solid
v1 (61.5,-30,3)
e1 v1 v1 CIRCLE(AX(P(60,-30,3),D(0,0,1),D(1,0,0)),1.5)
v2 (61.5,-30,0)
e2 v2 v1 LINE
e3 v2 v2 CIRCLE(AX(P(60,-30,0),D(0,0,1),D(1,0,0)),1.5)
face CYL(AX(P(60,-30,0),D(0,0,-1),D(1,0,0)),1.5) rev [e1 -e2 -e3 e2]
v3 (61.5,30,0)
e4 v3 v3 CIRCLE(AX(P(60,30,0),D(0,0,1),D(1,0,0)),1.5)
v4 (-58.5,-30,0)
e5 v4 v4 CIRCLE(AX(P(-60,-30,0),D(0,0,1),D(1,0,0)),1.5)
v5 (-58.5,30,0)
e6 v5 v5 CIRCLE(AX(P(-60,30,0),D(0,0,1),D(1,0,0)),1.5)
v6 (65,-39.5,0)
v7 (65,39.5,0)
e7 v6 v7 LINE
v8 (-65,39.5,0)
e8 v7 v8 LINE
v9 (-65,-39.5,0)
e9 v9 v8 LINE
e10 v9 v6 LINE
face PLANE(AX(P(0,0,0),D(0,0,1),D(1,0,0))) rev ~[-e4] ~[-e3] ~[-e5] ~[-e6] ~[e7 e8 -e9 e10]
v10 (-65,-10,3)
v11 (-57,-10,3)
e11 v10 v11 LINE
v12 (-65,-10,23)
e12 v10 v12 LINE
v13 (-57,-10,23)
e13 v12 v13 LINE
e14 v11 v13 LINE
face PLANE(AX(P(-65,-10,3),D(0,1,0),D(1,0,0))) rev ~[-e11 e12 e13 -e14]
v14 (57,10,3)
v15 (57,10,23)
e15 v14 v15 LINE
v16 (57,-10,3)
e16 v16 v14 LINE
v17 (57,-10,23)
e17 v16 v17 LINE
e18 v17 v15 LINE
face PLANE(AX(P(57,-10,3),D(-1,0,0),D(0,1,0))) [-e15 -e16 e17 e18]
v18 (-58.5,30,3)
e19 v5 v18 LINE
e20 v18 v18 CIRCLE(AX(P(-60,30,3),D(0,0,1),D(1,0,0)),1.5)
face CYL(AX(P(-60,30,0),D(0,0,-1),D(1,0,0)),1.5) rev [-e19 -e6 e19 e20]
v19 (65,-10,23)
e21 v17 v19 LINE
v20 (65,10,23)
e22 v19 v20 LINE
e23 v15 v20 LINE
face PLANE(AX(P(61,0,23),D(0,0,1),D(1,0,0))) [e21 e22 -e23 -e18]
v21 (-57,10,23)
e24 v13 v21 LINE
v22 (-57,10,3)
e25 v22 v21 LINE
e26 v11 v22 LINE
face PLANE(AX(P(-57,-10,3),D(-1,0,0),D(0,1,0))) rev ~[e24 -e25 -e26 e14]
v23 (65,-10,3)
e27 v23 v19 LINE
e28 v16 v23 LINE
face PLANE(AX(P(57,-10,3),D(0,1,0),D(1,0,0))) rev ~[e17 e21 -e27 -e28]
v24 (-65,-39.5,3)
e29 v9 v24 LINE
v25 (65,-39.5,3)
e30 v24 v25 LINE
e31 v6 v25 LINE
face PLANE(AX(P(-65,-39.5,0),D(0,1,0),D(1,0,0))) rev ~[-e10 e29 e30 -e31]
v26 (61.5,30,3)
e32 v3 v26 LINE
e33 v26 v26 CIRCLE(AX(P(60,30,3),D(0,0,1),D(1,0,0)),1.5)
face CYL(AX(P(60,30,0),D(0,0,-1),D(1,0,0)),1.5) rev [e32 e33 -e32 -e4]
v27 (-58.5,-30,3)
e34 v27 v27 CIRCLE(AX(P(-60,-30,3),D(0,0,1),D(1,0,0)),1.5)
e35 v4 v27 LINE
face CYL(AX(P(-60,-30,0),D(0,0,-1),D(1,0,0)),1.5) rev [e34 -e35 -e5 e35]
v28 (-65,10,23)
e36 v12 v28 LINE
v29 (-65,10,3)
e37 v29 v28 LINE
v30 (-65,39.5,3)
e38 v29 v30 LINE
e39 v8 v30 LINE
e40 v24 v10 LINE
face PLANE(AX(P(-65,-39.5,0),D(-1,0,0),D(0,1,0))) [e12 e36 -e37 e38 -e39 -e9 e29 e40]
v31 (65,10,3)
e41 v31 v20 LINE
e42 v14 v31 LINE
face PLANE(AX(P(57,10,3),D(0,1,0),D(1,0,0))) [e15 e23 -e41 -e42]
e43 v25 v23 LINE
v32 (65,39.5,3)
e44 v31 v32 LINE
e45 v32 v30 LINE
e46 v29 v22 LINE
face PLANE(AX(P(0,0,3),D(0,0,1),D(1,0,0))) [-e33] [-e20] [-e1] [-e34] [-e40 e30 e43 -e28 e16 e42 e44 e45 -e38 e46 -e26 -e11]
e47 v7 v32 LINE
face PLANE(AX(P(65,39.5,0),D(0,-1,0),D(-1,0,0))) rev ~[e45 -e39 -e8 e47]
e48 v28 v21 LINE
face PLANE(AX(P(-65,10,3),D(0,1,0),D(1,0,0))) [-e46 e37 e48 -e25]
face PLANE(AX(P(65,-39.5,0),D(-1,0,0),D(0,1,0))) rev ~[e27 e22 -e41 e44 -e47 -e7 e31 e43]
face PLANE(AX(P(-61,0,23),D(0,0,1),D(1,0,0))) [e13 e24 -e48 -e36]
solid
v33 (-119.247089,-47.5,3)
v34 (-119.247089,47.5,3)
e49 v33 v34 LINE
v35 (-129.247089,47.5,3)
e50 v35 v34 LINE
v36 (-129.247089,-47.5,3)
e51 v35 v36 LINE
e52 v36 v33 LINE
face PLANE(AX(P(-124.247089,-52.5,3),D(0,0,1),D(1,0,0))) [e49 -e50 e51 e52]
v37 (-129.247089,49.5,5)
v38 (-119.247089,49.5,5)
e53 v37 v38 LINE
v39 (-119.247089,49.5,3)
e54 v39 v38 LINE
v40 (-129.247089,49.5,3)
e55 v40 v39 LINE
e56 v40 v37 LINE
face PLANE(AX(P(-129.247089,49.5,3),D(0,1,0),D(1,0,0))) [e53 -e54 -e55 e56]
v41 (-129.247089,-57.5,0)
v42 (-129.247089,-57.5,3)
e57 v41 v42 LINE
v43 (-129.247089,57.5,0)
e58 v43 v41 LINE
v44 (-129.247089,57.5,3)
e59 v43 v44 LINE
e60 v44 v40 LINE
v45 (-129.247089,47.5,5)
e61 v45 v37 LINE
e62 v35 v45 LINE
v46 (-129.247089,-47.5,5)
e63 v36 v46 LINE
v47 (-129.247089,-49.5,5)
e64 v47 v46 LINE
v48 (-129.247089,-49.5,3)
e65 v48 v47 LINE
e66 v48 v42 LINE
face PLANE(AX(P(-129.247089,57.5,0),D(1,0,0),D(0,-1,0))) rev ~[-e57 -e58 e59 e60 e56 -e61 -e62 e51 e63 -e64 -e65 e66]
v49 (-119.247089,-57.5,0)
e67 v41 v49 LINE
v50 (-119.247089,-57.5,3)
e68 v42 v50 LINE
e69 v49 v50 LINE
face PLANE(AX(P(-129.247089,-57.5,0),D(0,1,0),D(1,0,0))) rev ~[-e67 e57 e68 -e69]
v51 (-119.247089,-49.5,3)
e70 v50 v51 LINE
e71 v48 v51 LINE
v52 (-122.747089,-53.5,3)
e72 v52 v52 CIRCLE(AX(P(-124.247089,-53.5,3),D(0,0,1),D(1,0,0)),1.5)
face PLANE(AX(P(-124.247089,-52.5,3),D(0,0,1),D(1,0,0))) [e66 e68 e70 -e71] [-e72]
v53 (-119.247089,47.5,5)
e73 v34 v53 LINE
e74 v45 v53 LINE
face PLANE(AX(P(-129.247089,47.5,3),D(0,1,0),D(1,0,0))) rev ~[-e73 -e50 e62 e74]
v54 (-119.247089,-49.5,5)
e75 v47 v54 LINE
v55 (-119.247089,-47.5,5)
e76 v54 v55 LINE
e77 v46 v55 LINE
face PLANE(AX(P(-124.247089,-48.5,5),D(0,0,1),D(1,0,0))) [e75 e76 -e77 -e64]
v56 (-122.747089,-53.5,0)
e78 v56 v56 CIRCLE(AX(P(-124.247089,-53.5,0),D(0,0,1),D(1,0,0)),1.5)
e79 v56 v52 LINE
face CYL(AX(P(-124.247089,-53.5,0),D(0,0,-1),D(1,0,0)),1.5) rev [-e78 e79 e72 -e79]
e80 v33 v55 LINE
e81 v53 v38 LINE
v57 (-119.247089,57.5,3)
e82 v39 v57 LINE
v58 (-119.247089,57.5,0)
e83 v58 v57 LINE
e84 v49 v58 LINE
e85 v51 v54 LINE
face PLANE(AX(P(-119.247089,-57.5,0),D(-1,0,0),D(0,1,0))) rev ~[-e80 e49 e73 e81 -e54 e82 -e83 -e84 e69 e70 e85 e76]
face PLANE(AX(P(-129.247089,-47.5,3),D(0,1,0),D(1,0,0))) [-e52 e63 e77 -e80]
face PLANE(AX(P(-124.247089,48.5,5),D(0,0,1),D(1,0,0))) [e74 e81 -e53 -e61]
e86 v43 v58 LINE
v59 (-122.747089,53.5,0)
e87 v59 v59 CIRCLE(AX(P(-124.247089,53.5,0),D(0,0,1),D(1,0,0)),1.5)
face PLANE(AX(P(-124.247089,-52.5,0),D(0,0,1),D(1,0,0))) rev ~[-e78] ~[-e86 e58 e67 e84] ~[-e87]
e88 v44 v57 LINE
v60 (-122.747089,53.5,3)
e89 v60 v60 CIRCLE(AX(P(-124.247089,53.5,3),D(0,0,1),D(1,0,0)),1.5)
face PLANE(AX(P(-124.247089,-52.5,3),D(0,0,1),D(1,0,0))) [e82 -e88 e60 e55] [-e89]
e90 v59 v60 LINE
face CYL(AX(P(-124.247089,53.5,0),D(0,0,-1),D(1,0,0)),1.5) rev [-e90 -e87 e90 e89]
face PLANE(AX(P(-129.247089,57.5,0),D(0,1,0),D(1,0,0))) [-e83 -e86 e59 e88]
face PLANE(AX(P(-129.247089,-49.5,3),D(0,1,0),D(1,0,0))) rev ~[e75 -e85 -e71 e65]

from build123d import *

# Parameters (mm, degrees)
F0_W     = 110
F0_H     = 79
F0_W_2   = 10
F0_R     = 1.5
F1_DEPTH = 3
F2_W     = 8
F2_H     = 20
F3_DEPTH = 20
F4_W     = 10
F4_H     = 10
F4_R     = 1.5
F4_H_2   = 95
F5_DEPTH = 3
F6_W     = 10
F6_H     = 2
F7_DEPTH = 2


with BuildPart() as f1:
    # F0 (on Top) → F1 (new body)
    with BuildSketch(Plane.XY):
        Rectangle(F0_W, F0_H)
        with Locations((60, 0)):
            Rectangle(F0_W_2, F0_H)
        with Locations((60, -30)):
            Circle(F0_R, mode=Mode.SUBTRACT)
        with Locations((60, 30)):
            Circle(F0_R, mode=Mode.SUBTRACT)
        with Locations((-60, 0)):
            Rectangle(F0_W_2, F0_H)
        with Locations((-60, -30)):
            Circle(F0_R, mode=Mode.SUBTRACT)
        with Locations((-60, 30)):
            Circle(F0_R, mode=Mode.SUBTRACT)
    extrude(amount=F1_DEPTH)

    # F2 (on face) → F3 (join)
    with BuildSketch(Plane.XY.offset(3)):
        with Locations((-61, 0)):
            Rectangle(F2_W, F2_H)
        with Locations((61, 0)):
            Rectangle(F2_W, F2_H)
    extrude(amount=F3_DEPTH)


with BuildPart() as f5:
    # F4 (on Top) → F5 (new body)
    with BuildSketch(Plane.XY):
        with Locations((-124.247089, -52.5)):
            Rectangle(F4_W, F4_H)
        with Locations((-124.247089, -53.5)):
            Circle(F4_R, mode=Mode.SUBTRACT)
        with Locations((-124.247089, 0)):
            Rectangle(F4_W, F4_H_2)
        with Locations((-124.247089, 52.5)):
            Rectangle(F4_W, F4_H)
        with Locations((-124.247089, 53.5)):
            Circle(F4_R, mode=Mode.SUBTRACT)
    extrude(amount=F5_DEPTH)

    # F6 (on face) → F7 (join)
    with BuildSketch(Plane.XY.offset(3)):
        with Locations((-124.247089, 48.5)):
            Rectangle(F6_W, F6_H)
        with Locations((-124.247089, -48.5)):
            Rectangle(F6_W, F6_H)
    extrude(amount=F7_DEPTH)


solid = Compound([f1.part, f5.part])
